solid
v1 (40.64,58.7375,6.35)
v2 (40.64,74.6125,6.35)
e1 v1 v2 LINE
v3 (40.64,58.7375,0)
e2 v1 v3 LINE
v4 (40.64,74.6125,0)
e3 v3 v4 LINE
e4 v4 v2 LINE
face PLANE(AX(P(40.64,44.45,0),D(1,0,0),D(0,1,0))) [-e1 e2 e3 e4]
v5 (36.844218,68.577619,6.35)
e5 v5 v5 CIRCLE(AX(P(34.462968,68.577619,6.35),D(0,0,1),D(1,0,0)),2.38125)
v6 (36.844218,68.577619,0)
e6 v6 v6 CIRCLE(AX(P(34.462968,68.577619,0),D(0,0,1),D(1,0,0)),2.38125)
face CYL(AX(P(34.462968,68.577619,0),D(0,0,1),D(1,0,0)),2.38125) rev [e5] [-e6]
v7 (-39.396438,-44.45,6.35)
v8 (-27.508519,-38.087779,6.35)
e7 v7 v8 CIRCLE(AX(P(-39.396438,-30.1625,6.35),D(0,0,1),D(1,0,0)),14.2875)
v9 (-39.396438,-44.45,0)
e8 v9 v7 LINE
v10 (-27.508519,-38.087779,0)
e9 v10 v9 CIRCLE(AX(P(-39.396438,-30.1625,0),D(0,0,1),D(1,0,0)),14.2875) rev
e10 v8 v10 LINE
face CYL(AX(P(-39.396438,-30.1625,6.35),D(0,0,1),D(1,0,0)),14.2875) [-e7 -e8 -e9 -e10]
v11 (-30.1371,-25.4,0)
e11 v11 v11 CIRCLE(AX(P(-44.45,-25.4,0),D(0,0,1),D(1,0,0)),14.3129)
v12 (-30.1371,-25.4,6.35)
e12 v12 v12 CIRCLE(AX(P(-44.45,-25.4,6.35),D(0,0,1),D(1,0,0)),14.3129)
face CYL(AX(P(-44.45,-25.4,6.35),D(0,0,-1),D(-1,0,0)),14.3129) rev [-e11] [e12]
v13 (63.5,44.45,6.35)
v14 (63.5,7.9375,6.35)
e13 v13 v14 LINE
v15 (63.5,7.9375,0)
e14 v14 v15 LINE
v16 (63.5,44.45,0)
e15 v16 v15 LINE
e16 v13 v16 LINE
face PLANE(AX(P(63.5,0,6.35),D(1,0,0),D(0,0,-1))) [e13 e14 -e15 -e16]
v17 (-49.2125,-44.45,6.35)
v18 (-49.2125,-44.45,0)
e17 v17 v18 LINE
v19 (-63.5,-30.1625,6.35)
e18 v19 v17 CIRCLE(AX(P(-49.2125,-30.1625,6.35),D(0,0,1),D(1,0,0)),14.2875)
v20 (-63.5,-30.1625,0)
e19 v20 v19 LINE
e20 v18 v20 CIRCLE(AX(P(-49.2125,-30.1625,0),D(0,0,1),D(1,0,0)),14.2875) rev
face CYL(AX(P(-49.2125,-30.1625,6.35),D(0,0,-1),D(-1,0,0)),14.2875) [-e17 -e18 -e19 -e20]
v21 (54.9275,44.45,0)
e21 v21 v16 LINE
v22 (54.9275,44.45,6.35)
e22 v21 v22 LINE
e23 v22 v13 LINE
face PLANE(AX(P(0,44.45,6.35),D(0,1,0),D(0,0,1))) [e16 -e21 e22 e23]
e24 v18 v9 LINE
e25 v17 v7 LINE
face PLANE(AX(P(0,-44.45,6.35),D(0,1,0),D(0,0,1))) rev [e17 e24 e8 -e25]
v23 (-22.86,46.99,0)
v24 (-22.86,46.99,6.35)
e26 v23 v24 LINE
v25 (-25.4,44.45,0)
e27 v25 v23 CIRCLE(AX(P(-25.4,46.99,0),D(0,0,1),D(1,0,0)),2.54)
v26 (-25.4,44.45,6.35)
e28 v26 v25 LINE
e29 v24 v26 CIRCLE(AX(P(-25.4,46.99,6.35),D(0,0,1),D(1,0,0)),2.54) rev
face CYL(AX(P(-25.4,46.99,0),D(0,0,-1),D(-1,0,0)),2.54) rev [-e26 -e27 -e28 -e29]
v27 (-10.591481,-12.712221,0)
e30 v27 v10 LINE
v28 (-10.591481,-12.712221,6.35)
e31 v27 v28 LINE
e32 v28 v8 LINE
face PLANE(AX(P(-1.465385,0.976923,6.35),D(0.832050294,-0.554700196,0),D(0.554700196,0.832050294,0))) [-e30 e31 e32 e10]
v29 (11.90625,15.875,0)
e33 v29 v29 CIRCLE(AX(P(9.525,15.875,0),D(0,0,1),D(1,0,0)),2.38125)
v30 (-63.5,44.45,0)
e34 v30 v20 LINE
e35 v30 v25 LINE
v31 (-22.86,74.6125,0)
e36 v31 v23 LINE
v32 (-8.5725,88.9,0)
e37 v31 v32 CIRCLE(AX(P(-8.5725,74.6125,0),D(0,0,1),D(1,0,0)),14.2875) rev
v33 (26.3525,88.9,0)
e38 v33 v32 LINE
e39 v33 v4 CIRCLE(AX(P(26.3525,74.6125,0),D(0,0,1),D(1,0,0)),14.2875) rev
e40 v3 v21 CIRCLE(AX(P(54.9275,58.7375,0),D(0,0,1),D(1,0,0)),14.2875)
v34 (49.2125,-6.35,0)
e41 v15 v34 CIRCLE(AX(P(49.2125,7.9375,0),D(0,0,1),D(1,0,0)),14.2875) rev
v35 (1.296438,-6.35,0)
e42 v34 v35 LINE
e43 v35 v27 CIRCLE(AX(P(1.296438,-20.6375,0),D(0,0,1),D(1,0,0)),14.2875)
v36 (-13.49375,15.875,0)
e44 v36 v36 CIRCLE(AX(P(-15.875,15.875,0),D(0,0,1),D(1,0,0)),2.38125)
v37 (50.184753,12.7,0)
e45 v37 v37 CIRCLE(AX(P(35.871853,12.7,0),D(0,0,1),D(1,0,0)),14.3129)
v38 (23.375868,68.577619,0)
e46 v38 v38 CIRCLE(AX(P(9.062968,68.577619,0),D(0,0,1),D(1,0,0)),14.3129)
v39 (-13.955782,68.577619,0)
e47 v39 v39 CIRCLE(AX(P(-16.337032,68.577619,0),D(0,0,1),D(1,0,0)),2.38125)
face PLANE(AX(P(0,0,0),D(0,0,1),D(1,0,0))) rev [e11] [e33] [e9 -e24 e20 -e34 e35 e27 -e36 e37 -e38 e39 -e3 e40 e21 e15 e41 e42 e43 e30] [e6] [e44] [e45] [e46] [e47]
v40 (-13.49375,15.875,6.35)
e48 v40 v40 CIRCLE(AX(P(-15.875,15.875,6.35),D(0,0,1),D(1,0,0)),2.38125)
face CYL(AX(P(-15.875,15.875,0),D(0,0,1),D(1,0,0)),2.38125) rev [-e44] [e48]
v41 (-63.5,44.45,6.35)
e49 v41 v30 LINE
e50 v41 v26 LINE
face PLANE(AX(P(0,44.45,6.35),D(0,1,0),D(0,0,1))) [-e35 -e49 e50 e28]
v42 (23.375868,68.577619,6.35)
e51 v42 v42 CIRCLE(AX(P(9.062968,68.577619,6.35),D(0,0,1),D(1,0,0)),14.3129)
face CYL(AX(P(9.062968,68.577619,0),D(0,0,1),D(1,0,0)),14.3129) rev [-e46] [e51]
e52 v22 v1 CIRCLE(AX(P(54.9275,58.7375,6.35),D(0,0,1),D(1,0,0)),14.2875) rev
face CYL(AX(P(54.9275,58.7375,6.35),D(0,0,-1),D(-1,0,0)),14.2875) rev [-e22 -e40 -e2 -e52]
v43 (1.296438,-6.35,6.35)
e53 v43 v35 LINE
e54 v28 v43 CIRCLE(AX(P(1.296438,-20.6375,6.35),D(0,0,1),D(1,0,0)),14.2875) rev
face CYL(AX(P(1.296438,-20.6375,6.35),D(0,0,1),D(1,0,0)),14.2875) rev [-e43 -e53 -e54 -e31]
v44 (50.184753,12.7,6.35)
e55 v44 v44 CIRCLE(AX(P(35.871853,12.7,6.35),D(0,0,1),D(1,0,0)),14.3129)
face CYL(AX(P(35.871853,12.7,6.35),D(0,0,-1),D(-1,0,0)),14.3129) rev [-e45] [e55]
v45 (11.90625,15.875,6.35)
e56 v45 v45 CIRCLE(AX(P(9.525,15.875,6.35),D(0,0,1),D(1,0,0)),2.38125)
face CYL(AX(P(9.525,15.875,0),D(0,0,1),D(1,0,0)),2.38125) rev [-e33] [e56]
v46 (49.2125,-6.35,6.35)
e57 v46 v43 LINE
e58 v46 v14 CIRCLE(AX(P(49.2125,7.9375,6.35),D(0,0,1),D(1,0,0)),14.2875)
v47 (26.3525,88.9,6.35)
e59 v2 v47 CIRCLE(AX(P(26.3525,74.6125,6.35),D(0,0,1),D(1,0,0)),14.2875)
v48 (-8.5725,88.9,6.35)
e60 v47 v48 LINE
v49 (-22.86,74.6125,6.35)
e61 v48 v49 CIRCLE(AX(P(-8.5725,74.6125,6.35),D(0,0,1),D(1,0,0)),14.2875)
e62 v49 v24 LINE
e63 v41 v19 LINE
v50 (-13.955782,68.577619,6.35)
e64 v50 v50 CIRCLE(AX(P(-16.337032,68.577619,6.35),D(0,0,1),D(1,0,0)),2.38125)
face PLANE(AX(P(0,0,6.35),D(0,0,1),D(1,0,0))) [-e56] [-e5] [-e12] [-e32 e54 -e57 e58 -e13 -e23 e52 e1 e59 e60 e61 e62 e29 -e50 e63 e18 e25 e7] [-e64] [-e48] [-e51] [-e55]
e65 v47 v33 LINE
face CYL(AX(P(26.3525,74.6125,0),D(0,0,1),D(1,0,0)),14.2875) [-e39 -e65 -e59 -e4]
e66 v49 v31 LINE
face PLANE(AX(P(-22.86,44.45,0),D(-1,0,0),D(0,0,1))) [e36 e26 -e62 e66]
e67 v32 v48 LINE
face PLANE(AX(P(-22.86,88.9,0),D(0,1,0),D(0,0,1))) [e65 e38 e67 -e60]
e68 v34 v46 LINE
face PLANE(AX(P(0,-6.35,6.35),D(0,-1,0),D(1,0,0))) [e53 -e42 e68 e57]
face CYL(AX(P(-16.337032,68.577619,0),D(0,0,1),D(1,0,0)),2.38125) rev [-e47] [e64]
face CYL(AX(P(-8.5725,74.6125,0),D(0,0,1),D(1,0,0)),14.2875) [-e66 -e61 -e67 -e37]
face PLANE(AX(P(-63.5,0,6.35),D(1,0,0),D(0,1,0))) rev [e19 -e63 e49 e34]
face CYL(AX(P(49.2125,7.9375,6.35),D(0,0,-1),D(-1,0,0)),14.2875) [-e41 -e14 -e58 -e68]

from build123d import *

# Parameters (mm, degrees)
SKETCH1_R           = 14.3129
BOSS_EXTRUDE1_DEPTH = 6.35
FILLET1_R           = 14.2875
SKETCH2_W           = 63.5
SKETCH2_H           = 44.45
BOSS_EXTRUDE2_DEPTH = 6.35
FILLET2_R           = 14.2875
SKETCH3_R           = 14.3129
CUT_EXTRUDE1_DEPTH  = 110.433918417
SKETCH4_R           = 2.38125
SKETCH4_R_2         = 14.2875
CUT_EXTRUDE2_DEPTH  = 110.433918417
SKETCH5_R           = 2.38125
CUT_EXTRUDE3_DEPTH  = 110.433918417
FILLET3_R           = 2.54


with BuildPart() as part:
    # Sketch1 → Boss-Extrude1 (new body)
    with BuildSketch(Plane.XY):
        Polygon((-6.35, -6.35), (63.5, -6.35), (63.5, 44.45), (-63.5, 44.45), (-63.5, -44.45), (-31.75, -44.45), align=None)
        with Locations((-44.45, -25.4)):
            Circle(SKETCH1_R, mode=Mode.SUBTRACT)
        with Locations((35.871852568, 12.7)):
            Circle(SKETCH1_R, mode=Mode.SUBTRACT)
    extrude(amount=BOSS_EXTRUDE1_DEPTH)

    # Fillet1
    fillet1_edges = [part.edges().sort_by_distance(p)[0] for p in [
        (-31.75, -44.45, 3.175),
        (-63.5, -44.45, 3.175),
        (63.5, -6.35, 3.175),
        (-6.35, -6.35, 3.175),
    ]]
    fillet(fillet1_edges, radius=FILLET1_R)

    # Sketch2 → Boss-Extrude2 (add)
    with BuildSketch(Plane.XY.offset(6.35)):
        with Locations((8.89, 66.675)):
            Rectangle(SKETCH2_W, SKETCH2_H)
    extrude(amount=-BOSS_EXTRUDE2_DEPTH)

    # Fillet2
    fillet2_edges = [part.edges().sort_by_distance(p)[0] for p in [
        (-22.86, 88.9, 3.175),
        (40.64, 88.9, 3.175),
        (40.64, 44.45, 3.175),
    ]]
    fillet(fillet2_edges, radius=FILLET2_R)

    # Sketch3 → Cut-Extrude1 (cut, through all)
    with BuildSketch(Plane.XY.offset(6.35)):
        with Locations((9.062967637, 68.577618639)):
            Circle(SKETCH3_R)
    extrude(amount=-CUT_EXTRUDE1_DEPTH, mode=Mode.SUBTRACT)

    # Sketch4 → Cut-Extrude2 (cut, through all)
    with BuildSketch(Plane.XY.offset(6.35)):
        with Locations((-16.337032363, 68.577618639)):
            Circle(SKETCH4_R)
        with Locations((34.462967637, 68.577618639)):
            Circle(SKETCH4_R)
        with Locations((9.062967637, 68.577618639)):
            Circle(SKETCH4_R_2)
    extrude(amount=-CUT_EXTRUDE2_DEPTH, mode=Mode.SUBTRACT)

    # Sketch5 → Cut-Extrude3 (cut, through all)
    with BuildSketch(Plane.XY.offset(6.35)):
        with Locations((-15.875, 15.875)):
            Circle(SKETCH5_R)
        with Locations((9.525, 15.875)):
            Circle(SKETCH5_R)
    extrude(amount=-CUT_EXTRUDE3_DEPTH, mode=Mode.SUBTRACT)

    # Fillet3
    fillet3_edges = [part.edges().sort_by_distance(p)[0] for p in [
        (-22.86, 44.45, 3.175),
    ]]
    fillet(fillet3_edges, radius=FILLET3_R)


solid = part.part
